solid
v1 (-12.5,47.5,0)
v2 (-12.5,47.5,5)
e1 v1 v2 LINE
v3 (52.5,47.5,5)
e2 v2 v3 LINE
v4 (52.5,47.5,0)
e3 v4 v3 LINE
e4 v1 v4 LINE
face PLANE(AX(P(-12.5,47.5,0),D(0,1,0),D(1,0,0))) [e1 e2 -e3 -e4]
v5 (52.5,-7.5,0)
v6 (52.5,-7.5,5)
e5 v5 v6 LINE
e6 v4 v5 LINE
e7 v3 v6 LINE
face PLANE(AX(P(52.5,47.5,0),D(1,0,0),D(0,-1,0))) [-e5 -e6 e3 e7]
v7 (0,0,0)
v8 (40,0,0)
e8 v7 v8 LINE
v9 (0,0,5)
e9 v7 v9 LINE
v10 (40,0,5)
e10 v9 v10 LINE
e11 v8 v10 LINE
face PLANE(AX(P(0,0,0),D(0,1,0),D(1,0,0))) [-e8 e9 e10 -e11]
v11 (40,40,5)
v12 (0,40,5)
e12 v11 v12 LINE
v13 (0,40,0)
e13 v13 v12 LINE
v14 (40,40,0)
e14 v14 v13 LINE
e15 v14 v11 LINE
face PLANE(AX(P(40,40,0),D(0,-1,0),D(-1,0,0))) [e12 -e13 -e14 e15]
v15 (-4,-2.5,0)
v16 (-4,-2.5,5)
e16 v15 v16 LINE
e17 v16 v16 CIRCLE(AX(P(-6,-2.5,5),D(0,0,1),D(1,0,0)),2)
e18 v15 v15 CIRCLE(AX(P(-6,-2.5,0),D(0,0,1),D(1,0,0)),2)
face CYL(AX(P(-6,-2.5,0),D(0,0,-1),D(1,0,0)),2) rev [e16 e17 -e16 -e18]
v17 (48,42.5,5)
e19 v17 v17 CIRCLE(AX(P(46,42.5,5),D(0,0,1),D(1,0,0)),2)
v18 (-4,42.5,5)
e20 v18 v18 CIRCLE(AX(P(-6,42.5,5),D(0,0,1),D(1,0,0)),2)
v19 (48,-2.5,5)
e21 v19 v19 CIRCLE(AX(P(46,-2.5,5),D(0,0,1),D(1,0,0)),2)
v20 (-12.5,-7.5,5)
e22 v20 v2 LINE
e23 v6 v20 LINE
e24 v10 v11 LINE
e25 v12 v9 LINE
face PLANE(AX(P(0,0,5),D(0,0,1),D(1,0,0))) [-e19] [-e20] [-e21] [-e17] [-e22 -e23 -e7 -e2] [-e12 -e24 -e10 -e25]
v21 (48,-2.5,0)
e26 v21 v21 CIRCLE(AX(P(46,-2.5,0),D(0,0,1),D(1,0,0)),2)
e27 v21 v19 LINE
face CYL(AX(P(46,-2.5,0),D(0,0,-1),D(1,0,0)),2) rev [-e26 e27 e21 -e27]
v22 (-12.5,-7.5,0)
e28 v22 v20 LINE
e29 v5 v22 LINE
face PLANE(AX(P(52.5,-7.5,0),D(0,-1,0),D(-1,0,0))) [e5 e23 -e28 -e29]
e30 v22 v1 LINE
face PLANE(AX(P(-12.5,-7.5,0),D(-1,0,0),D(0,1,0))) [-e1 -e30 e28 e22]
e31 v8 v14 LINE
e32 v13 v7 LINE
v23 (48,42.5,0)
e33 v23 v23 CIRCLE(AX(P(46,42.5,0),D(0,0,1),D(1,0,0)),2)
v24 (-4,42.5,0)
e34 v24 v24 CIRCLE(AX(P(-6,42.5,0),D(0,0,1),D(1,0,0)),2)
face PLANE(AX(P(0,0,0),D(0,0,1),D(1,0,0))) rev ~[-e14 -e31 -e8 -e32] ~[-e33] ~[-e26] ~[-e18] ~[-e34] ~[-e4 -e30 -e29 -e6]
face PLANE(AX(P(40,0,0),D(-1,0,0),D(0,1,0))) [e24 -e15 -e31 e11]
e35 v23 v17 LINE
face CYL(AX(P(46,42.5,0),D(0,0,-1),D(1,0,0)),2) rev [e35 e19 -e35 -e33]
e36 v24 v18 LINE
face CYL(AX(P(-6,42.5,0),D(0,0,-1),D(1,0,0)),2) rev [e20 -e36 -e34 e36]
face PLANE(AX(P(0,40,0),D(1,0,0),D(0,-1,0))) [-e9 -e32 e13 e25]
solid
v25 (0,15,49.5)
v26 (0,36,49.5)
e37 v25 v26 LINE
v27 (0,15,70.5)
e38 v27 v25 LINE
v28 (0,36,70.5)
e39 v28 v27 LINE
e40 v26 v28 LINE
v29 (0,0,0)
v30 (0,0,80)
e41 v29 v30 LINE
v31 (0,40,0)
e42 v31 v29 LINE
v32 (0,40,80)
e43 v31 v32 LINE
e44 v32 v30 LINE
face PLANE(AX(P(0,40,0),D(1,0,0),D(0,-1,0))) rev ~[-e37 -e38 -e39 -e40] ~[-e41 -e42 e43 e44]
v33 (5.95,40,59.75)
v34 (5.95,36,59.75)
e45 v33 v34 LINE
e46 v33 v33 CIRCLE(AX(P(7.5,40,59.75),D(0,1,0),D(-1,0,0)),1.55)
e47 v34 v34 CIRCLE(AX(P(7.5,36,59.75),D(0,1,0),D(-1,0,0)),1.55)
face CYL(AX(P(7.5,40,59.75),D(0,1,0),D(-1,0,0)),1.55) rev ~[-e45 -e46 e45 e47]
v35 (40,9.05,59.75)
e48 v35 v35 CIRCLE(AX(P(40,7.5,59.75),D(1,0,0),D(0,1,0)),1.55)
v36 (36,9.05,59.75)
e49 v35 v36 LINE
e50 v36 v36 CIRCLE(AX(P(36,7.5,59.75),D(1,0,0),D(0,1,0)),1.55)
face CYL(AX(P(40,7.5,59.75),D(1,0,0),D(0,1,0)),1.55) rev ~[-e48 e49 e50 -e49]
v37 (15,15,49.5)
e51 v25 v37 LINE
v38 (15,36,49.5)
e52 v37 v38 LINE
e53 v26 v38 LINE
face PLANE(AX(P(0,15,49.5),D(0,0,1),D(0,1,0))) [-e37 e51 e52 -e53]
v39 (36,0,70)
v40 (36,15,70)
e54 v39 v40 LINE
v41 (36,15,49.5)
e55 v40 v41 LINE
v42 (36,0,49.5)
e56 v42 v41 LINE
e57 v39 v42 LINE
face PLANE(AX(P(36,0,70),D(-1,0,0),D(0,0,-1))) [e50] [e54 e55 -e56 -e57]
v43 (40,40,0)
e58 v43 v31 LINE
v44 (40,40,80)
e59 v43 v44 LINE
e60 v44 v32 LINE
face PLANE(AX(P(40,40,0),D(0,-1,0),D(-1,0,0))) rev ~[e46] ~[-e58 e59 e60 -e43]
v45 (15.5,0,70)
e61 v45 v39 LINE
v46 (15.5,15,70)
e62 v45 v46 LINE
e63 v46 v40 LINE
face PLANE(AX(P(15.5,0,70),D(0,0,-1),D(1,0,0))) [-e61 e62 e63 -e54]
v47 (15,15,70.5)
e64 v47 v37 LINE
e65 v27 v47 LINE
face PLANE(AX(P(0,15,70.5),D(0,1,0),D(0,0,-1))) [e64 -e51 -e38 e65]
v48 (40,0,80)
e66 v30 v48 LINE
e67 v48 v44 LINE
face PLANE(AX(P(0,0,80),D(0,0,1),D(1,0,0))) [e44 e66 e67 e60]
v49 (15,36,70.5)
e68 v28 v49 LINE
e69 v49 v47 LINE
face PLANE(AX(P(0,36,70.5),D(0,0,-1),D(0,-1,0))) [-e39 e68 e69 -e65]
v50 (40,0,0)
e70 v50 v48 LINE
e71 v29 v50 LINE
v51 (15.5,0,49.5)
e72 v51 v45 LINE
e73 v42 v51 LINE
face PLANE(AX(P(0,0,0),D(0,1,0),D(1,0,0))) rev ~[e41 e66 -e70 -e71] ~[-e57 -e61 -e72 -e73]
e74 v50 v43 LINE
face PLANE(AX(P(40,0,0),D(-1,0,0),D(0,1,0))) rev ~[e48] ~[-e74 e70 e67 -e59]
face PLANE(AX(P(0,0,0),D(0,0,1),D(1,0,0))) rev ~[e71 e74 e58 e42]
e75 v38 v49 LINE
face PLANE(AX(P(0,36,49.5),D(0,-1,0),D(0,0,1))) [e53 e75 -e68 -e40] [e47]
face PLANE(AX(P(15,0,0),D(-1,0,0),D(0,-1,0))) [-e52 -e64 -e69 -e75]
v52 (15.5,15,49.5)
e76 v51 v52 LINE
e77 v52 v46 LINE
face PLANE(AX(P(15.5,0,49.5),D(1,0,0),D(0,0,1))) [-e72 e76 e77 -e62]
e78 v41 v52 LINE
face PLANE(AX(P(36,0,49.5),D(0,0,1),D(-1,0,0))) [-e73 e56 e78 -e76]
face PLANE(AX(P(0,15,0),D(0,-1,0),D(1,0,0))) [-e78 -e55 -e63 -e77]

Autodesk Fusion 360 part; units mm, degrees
sketch "Boceto1" plane through (0, 0, 0) normal (0, 0, 1) x (1, 0, 0)
  line L0 (0, 0) -> (40, 0)
  line L1 (40, 0) -> (40, 40)
  line L2 (40, 40) -> (0, 40)
  line L3 (0, 40) -> (0, 0)
  line L4 (52.5, -7.5) -> (-12.5, -7.5)
  line L5 (-12.5, -7.5) -> (-12.5, 47.5)
  line L6 (-12.5, 47.5) -> (52.5, 47.5)
  line L7 (52.5, 47.5) -> (52.5, -7.5)
  line L8 (52.5, -7.5) -> (-12.5, 47.5) construction
  line L9 (-12.5, -7.5) -> (52.5, 47.5) construction
  line L10 (46, -2.5) -> (-6, -2.5) construction
  line L11 (-6, -2.5) -> (-6, 42.5) construction
  line L12 (-6, 42.5) -> (46, 42.5) construction
  line L13 (46, 42.5) -> (46, -2.5) construction
  line L14 (46, -2.5) -> (-6, 42.5) construction
  line L15 (-6, -2.5) -> (46, 42.5) construction
  circle A0 centre (46, 42.5) radius 2
  circle A1 centre (-6, 42.5) radius 2
  circle A2 centre (-6, -2.5) radius 2
  circle A3 centre (46, -2.5) radius 2
  point P0 (20, 20)
  point P1 (20, 20)
  dimension "d1" = 40
  dimension "d2" = 40
  dimension "d19" = 65
  dimension "d20" = 55
  dimension "d21" = 52
  dimension "d22" = 45
  dimension "d23" = 4
  dimension "d24" = 4
  dimension "d25" = 4
  dimension "d26" = 4
extrude "Extruir1" add sketch "Boceto1" along normal blind 80 contours L0 L1 L2 L3 makes body 1
sketch "Boceto2" plane through (0, 0, 0) normal (0, -1, 0) x (1, 0, 0)
  line L0 (0, 0) -> (40, 0)
  line L1 (40, 0) -> (40, 80)
  line L2 (40, 80) -> (0, 80)
  line L3 (0, 80) -> (0, 0)
  line L4 (36, 49.5) -> (15.5, 49.5)
  line L5 (15.5, 49.5) -> (15.5, 70)
  line L6 (15.5, 70) -> (36, 70)
  line L7 (36, 70) -> (36, 49.5)
  line L8 (36, 49.5) -> (15.5, 70) construction
  line L9 (15.5, 49.5) -> (36, 70) construction
  line L10 (0, 0) -> (40, 0)
  line L11 (40, 0) -> (40, 80)
  line L12 (40, 80) -> (0, 80)
  line L13 (0, 80) -> (0, 0)
  point P0 (25.75, 59.75)
  dimension "d5" = 20.5
  dimension "d6" = 20.5
  dimension "d7" = 49.5
  dimension "d8" = 4
extrude "Extruir2" cut sketch "Boceto2" against normal blind 15 contours L4 L5 L6 L7 bodies 1
sketch "Boceto3" plane through (0, 0, 0) normal (-1, 0, 0) x (0, -1, 0)
  line L0 (-40, 0) -> (0, 0)
  line L1 (0, 0) -> (0, 80)
  line L2 (0, 80) -> (-40, 80)
  line L3 (-40, 80) -> (-40, 0)
  line L4 (0, 0) -> (-40, 0)
  line L5 (-40, 0) -> (-40, 80)
  line L6 (-40, 80) -> (0, 80)
  line L7 (0, 80) -> (0, 0)
  line L8 (-15, 49.5) -> (-36, 49.5)
  line L9 (-36, 49.5) -> (-36, 70.5)
  line L10 (-36, 70.5) -> (-15, 70.5)
  line L11 (-15, 70.5) -> (-15, 49.5)
  line L12 (-15, 49.5) -> (-36, 70.5) construction
  line L13 (-36, 49.5) -> (-15, 70.5) construction
  point P0 (-25.5, 60)
  dimension "d11" = 21
  dimension "d12" = 21
  dimension "d13" = 49.5
  dimension "d14" = 4
extrude "Extruir3" cut sketch "Boceto3" against normal blind 15 contours L8 L9 L10 L11 bodies 1
sketch "Boceto4" plane through (0, 15, 0) normal (0, -1, 0) x (1, 0, 0)
  line L0 (36, 70) -> (15.5, 70)
  line L1 (15.5, 49.5) -> (36, 49.5)
  line L2 (36, 49.5) -> (36, 70)
  line L3 (15.5, 70) -> (36, 70)
  line L4 (36, 70) -> (36, 49.5)
  line L5 (36, 49.5) -> (15.5, 49.5)
  line L6 (15.5, 49.5) -> (15.5, 70)
  circle A0 centre (25.5, 60) radius 2.1
  line L7 (15.5, 70) -> (15.5, 49.5)
  dimension "d17" = 4.2
sketch "Boceto5" plane through (15, 0, 0) normal (-1, 0, 0) x (0, -1, 0)
  line L0 (-15, 70.5) -> (-36, 70.5)
  line L1 (-36, 70.5) -> (-36, 49.5)
  line L2 (-36, 49.5) -> (-15, 49.5)
  line L3 (-36, 70.5) -> (-15, 70.5)
  line L4 (-15, 70.5) -> (-15, 49.5)
  line L5 (-15, 49.5) -> (-36, 49.5)
  line L6 (-36, 49.5) -> (-36, 70.5)
  circle A0 centre (-25.5, 60) radius 2.1
  line L7 (-15, 49.5) -> (-15, 70.5)
  dimension "d18" = 4.2
extrude "Extruir4" add sketch "Boceto1" along normal blind 5 separate body makes body 2
sketch "Boceto6" plane through (40, 0, 0) normal (1, 0, 0) x (0, 1, 0)
  line L0 (0, 0) -> (40, 0)
  line L1 (40, 0) -> (40, 80)
  line L2 (40, 80) -> (0, 80)
  line L3 (0, 80) -> (0, 0)
  line L4 (0, 80) -> (0, 70)
  line L5 (0, 70) -> (15, 70)
  line L6 (15, 70) -> (15, 49.5)
  line L7 (15, 49.5) -> (0, 49.5)
  line L8 (0, 49.5) -> (0, 70)
  circle A0 centre (7.5, 59.75) radius 1.55
  dimension "d29" = 10
  dimension "d30" = 20.5
  dimension "d31" = 3.1
extrude "Extruir5" cut sketch "Boceto6" against normal blind 4 contours A0 bodies 1
sketch "Boceto7" plane through (0, 40, 0) normal (0, 1, 0) x (-1, 0, 0)
  line L0 (-40, 0) -> (0, 0)
  line L1 (0, 0) -> (0, 80)
  line L2 (0, 80) -> (-40, 80)
  line L3 (-40, 80) -> (-40, 0)
  line L4 (0, 80) -> (0, 70)
  line L5 (0, 70) -> (-15, 70)
  line L6 (-15, 70) -> (-15, 49.5)
  line L7 (-15, 49.5) -> (0, 49.5)
  line L8 (0, 49.5) -> (0, 70)
  circle A0 centre (-7.5, 59.75) radius 1.55
  dimension "d34" = 15
  dimension "d35" = 20.5
  dimension "d36" = 3.1
extrude "Extruir6" cut sketch "Boceto7" against normal blind 4 contours A0 bodies 1
